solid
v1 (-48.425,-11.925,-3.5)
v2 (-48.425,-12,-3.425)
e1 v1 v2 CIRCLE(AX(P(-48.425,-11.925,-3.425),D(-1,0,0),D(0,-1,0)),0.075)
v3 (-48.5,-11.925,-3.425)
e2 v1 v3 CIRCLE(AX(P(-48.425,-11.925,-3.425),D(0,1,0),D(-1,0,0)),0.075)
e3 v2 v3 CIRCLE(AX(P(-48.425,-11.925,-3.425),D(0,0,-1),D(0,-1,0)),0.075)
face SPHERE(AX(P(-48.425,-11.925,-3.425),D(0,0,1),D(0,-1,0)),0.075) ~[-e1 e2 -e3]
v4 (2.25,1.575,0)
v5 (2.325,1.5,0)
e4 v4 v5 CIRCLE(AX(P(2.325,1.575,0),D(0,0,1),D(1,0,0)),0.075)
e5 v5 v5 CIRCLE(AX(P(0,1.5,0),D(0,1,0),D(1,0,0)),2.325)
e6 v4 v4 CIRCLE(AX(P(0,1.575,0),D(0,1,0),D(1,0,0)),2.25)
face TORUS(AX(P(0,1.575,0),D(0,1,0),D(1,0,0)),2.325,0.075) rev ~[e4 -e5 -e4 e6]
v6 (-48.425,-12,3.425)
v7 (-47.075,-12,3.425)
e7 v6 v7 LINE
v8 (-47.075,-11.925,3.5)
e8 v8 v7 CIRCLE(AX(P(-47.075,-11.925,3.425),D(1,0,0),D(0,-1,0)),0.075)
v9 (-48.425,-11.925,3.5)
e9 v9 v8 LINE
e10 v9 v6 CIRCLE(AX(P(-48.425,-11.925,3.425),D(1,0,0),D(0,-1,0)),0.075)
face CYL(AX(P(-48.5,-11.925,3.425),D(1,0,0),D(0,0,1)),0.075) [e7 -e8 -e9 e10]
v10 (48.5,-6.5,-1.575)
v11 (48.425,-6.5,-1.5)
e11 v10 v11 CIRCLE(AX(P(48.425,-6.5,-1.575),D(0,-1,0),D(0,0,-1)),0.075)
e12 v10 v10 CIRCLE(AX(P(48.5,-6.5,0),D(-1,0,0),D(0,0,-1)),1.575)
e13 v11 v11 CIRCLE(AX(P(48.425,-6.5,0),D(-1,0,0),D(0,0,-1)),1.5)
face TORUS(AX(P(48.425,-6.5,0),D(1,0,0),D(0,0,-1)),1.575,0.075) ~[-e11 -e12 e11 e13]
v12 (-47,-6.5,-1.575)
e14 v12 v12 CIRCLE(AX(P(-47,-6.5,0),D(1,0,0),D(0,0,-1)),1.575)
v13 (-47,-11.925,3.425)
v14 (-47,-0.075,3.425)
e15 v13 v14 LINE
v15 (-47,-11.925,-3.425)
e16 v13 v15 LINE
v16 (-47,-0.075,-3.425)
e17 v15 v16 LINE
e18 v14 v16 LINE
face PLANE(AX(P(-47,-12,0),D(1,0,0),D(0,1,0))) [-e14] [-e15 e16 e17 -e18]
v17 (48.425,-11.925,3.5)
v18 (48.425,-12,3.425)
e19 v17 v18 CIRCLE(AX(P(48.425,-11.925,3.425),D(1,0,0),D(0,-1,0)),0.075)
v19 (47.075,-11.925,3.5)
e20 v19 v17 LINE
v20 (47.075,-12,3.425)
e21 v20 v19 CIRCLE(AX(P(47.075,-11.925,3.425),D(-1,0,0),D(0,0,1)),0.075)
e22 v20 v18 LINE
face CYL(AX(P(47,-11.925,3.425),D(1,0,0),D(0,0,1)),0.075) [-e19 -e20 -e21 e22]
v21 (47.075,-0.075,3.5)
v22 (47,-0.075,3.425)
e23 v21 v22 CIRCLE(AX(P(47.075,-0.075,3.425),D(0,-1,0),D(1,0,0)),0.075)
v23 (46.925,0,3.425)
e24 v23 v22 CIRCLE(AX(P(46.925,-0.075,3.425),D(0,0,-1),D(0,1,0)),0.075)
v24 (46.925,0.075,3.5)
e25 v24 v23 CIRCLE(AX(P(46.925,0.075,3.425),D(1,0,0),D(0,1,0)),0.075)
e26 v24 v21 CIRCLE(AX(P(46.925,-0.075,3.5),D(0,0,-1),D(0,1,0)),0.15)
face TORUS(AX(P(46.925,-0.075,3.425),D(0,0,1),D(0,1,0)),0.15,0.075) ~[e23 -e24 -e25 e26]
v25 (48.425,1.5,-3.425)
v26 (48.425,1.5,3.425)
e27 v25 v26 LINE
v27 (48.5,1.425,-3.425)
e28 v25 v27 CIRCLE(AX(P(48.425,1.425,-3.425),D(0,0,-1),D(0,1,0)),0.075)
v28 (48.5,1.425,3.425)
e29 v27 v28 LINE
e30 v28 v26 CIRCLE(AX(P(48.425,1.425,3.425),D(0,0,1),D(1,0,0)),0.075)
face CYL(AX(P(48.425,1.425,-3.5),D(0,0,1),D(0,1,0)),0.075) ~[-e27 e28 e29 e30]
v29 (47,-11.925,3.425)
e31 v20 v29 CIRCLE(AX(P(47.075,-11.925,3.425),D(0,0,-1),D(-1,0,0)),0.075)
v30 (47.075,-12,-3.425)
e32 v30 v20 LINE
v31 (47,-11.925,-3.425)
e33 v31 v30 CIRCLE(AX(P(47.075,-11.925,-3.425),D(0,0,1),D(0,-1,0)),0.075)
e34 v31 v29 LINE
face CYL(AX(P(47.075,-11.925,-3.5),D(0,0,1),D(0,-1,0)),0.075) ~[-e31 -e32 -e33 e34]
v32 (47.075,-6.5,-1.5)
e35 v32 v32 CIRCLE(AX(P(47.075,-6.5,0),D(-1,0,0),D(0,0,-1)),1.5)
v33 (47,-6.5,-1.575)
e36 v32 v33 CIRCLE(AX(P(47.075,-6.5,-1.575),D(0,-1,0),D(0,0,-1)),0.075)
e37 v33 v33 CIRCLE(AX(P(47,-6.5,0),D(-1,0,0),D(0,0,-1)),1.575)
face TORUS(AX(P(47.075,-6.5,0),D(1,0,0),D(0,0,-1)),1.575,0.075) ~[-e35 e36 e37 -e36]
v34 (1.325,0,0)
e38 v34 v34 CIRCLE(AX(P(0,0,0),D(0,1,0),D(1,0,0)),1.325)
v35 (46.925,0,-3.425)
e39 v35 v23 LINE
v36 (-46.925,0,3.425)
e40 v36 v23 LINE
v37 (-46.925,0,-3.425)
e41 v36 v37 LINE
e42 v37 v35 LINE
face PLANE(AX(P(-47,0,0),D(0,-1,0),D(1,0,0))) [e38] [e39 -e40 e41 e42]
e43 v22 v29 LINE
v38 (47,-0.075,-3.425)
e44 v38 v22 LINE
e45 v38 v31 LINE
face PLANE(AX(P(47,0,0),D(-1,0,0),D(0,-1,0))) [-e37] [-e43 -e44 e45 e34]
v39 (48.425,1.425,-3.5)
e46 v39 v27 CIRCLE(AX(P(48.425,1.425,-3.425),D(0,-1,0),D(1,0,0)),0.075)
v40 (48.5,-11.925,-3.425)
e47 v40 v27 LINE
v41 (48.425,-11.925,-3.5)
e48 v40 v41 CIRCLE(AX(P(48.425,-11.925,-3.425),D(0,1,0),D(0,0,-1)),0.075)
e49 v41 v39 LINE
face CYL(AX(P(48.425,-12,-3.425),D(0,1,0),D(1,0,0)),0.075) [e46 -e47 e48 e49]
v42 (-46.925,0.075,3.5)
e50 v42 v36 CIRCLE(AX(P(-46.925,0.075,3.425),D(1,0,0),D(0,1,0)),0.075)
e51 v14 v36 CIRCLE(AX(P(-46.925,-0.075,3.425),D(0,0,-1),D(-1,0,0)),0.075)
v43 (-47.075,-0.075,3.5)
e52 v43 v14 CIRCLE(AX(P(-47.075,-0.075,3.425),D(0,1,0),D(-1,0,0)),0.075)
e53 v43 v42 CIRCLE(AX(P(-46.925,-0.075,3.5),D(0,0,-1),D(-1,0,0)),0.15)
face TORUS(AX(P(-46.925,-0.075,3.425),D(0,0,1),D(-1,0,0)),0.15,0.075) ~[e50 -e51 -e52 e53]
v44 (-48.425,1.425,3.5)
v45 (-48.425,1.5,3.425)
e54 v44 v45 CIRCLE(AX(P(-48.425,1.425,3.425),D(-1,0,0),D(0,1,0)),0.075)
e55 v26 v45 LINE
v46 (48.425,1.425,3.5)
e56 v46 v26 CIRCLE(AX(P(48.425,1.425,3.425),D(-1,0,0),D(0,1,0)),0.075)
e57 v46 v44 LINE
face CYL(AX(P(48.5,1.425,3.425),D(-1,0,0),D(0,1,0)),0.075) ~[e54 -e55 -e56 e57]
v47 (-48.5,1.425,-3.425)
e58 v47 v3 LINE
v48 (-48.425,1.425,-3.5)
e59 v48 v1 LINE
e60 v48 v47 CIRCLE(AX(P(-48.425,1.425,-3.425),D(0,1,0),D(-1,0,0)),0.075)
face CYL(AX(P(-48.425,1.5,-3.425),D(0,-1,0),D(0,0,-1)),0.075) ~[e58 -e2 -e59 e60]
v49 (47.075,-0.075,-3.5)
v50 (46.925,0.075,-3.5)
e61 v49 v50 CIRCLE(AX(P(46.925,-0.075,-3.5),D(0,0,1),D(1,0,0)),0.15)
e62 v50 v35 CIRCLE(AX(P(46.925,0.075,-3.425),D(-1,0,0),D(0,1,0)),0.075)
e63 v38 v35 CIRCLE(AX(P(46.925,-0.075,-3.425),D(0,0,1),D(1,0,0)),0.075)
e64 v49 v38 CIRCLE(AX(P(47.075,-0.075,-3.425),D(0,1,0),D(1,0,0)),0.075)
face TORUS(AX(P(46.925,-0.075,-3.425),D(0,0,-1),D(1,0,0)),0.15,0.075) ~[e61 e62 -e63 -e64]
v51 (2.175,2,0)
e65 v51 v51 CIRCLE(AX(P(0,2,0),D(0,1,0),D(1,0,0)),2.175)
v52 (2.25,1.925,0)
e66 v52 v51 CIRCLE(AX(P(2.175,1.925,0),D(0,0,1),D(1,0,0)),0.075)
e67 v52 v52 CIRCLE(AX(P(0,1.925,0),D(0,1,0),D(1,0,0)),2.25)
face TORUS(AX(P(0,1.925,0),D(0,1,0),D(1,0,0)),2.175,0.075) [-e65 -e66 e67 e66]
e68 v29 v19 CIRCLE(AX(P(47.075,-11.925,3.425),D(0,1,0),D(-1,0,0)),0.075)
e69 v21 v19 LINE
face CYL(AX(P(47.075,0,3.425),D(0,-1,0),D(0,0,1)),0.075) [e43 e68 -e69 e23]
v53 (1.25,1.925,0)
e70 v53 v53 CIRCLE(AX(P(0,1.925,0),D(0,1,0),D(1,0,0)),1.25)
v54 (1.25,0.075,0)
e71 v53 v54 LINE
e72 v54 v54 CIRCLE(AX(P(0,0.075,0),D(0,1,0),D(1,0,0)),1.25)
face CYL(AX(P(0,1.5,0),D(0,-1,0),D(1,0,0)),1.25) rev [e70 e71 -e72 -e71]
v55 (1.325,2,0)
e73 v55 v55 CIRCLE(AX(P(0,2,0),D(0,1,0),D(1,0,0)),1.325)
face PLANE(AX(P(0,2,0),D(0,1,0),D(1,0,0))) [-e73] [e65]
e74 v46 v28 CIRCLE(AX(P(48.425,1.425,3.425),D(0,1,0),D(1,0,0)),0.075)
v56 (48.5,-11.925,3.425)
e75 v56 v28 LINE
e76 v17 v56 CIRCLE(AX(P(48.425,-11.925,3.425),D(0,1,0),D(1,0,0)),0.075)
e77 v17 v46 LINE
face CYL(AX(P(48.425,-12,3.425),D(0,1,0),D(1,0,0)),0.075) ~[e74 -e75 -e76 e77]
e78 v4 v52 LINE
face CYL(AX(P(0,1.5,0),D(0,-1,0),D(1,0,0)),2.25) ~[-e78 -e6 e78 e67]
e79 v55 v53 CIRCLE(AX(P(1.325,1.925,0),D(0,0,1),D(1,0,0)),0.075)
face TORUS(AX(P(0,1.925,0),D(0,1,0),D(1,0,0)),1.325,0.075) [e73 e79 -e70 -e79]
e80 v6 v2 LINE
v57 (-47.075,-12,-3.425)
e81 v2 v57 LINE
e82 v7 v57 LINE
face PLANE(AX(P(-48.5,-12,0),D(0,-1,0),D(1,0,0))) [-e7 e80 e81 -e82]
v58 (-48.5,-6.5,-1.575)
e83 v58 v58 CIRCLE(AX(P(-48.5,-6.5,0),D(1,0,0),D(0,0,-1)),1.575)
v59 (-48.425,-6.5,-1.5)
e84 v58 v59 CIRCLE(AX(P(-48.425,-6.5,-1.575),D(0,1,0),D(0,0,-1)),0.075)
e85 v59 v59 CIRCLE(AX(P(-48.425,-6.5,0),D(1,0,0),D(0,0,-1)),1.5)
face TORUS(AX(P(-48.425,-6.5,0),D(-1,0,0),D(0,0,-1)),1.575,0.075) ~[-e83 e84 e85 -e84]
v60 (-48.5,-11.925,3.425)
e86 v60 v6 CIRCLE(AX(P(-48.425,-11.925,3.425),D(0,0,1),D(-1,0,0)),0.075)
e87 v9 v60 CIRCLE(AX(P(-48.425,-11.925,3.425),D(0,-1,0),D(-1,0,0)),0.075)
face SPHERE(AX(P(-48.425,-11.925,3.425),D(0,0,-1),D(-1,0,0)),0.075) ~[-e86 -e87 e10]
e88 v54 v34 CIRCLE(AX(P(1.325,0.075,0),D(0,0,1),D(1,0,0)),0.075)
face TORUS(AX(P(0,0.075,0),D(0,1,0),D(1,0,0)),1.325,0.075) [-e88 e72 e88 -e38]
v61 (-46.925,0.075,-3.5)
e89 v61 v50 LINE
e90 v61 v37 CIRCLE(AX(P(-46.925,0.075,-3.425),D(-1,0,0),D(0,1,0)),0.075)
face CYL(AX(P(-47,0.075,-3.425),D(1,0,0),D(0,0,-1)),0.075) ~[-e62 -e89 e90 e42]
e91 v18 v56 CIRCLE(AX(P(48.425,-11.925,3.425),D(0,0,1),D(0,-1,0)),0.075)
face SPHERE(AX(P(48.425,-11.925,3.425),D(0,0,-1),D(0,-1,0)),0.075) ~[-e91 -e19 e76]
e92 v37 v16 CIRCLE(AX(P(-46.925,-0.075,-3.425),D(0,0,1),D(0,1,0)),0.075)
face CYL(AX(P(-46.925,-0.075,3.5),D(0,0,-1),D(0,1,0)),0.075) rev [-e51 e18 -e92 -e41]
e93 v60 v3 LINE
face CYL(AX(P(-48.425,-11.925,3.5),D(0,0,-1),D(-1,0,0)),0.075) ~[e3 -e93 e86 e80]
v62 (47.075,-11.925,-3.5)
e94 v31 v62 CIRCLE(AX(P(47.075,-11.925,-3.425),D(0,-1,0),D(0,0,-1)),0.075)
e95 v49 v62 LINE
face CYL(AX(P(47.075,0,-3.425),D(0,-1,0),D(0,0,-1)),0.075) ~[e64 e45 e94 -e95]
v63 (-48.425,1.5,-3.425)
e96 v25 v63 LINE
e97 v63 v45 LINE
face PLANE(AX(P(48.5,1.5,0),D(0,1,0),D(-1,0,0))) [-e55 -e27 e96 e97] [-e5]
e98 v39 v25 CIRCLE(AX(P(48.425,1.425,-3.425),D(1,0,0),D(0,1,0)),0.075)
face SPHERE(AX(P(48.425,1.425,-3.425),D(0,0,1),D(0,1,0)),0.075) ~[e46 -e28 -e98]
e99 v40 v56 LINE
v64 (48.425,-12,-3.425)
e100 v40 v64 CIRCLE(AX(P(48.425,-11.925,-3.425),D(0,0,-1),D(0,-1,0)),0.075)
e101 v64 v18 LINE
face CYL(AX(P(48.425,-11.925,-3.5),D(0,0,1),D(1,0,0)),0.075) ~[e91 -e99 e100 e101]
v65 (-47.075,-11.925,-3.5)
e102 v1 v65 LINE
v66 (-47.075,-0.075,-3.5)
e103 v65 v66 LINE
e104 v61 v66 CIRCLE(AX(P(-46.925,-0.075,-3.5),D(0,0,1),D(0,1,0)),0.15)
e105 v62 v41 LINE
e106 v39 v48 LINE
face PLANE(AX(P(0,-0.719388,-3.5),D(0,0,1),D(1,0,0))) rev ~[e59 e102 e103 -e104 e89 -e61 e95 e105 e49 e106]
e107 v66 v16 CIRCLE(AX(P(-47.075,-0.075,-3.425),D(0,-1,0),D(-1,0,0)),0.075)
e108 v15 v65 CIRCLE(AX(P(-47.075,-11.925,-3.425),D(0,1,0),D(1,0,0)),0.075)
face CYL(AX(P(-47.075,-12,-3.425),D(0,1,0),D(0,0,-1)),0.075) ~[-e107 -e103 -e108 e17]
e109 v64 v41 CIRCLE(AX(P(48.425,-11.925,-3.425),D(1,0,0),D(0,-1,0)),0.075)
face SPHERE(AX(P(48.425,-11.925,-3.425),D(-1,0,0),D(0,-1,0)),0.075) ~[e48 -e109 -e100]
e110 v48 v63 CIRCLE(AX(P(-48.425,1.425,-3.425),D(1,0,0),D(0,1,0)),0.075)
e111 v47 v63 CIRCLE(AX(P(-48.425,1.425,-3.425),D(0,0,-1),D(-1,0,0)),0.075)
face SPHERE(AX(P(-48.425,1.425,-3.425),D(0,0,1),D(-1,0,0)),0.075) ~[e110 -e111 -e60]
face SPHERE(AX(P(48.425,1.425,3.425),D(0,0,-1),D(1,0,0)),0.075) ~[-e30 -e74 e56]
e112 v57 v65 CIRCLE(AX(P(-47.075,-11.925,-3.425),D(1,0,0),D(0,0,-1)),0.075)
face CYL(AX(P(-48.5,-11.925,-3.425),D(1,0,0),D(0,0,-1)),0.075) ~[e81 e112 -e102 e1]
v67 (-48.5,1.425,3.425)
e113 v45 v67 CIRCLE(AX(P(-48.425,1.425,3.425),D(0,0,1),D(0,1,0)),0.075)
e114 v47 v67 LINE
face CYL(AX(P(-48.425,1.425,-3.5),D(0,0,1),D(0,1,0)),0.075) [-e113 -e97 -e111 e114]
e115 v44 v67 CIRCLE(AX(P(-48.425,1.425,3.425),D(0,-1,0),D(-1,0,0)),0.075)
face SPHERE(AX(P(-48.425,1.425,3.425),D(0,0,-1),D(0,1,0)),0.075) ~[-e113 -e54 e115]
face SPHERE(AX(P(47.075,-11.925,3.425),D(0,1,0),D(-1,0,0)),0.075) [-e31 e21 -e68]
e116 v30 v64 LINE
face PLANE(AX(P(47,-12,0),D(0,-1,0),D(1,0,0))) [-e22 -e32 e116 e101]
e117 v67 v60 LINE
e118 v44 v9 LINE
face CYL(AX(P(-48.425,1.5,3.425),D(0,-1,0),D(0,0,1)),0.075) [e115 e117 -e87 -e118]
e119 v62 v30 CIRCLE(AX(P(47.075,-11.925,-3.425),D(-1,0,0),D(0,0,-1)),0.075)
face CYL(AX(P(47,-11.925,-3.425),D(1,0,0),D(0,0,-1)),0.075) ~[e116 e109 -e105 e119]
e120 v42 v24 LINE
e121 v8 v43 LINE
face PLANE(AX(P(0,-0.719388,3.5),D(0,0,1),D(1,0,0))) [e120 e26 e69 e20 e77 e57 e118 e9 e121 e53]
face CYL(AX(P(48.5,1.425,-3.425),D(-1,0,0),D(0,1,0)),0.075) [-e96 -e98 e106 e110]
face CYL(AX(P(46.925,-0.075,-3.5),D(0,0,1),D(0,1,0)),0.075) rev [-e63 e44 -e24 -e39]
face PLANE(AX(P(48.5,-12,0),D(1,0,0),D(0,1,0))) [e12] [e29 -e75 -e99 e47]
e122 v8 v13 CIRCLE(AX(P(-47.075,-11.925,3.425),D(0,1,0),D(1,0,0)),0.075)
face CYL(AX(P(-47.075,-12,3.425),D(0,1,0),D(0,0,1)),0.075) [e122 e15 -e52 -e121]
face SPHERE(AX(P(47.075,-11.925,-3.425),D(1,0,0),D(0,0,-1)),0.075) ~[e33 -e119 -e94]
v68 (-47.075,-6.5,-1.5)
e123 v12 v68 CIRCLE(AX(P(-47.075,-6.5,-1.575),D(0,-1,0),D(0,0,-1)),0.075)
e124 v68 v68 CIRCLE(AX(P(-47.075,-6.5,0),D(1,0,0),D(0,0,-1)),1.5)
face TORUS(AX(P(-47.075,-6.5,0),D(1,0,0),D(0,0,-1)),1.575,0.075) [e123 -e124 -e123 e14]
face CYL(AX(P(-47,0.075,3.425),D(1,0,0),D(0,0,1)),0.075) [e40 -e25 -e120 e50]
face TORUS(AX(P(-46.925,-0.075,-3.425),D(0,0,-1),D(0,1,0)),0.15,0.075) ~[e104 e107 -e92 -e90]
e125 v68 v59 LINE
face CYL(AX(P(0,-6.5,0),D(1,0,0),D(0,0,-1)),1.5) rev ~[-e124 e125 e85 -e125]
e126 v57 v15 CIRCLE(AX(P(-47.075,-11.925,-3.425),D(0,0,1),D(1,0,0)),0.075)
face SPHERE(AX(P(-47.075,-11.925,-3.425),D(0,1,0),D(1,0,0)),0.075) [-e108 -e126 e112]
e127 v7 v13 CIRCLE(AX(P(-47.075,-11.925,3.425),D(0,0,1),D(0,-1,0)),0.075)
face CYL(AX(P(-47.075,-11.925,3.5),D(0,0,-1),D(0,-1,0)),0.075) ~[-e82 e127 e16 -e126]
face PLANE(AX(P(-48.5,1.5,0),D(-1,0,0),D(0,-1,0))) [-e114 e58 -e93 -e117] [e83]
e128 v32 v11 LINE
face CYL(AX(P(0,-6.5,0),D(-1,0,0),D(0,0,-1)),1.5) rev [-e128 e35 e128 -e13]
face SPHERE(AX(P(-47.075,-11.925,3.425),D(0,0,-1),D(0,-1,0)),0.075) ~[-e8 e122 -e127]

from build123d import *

# Parameters (mm, degrees)
BOSS_EXTRUDE1_DEPTH            = 3.5
SKETCH2_R                      = 1.25
CUT_EXTRUDE1_DEPTH             = 1.5
SKETCH3_R                      = 2.25
SKETCH3_R_2                    = 1.25
BOSS_EXTRUDE2_DEPTH            = 0.5
CUT_EXTRUDE2_REACH             = 50.5
SKETCH4_R                      = 1.5
CUT_EXTRUDE2_DIRECTION_2_REACH = 50.5
FILLET1_R                      = 0.075


with BuildPart() as part:
    # Sketch1 → Boss-Extrude1 (new body, symmetric)
    with BuildSketch(Plane.XY):
        Polygon((-47, 0), (47, 0), (47, -12), (48.5, -12), (48.5, 1.5), (-48.5, 1.5), (-48.5, -12), (-47, -12), align=None)
    extrude(amount=BOSS_EXTRUDE1_DEPTH, both=True)

    # Sketch2 → Cut-Extrude1 (cut)
    with BuildSketch(Plane(origin=(0, 1.5, 0), x_dir=(1, 0, 0), z_dir=(0, 1, 0))):
        Circle(SKETCH2_R)
    extrude(amount=-CUT_EXTRUDE1_DEPTH, mode=Mode.SUBTRACT)

    # Sketch3 → Boss-Extrude2 (add)
    with BuildSketch(Plane(origin=(0, 1.5, 0), x_dir=(1, 0, 0), z_dir=(0, 1, 0))):
        Circle(SKETCH3_R)
        Circle(SKETCH3_R_2, mode=Mode.SUBTRACT)
    extrude(amount=BOSS_EXTRUDE2_DEPTH)

    # Cut-Extrude2: up to this face of the body (flat: up to its plane)
    cut_extrude2_end = Plane(part.part.faces().sort_by_distance((-48.5, -5.25, 0))[0])
    # Sketch4 → Cut-Extrude2 (cut, up to the picked face)
    with BuildSketch(Plane(origin=(0, 0, 0), x_dir=(0, 0, -1), z_dir=(1, 0, 0)), mode=Mode.PRIVATE) as cut_extrude2_sk1:
        with Locations((0, -6.5)):
            Circle(SKETCH4_R)
    cut_extrude2_tool1 = split(extrude(cut_extrude2_sk1.sketch, amount=-CUT_EXTRUDE2_REACH, mode=Mode.PRIVATE), bisect_by=cut_extrude2_end, keep=Keep.BOTH, mode=Mode.PRIVATE)
    add(cut_extrude2_tool1.solids().sort_by_distance((0, -6.5, 0))[0], mode=Mode.SUBTRACT)

    # Cut-Extrude2 direction 2: up to this face of the body (flat: up to its plane)
    cut_extrude2_direction_2_end = Plane(part.part.faces().sort_by_distance((48.5, -5.25, 0))[0])
    # Sketch4 → Cut-Extrude2 direction 2 (cut, up to the picked face)
    with BuildSketch(Plane(origin=(0, 0, 0), x_dir=(0, 0, -1), z_dir=(1, 0, 0)), mode=Mode.PRIVATE) as cut_extrude2_direction_2_sk1:
        with Locations((0, -6.5)):
            Circle(SKETCH4_R)
    cut_extrude2_direction_2_tool1 = split(extrude(cut_extrude2_direction_2_sk1.sketch, amount=CUT_EXTRUDE2_DIRECTION_2_REACH, mode=Mode.PRIVATE), bisect_by=cut_extrude2_direction_2_end, keep=Keep.BOTH, mode=Mode.PRIVATE)
    add(cut_extrude2_direction_2_tool1.solids().sort_by_distance((0, -6.5, 0))[0], mode=Mode.SUBTRACT)

    # Fillet1
    fillet1_edges = [part.edges().sort_by_distance(p)[0] for p in [
        (47.75, -12, -3.5),
        (47, -6, -3.5),
        (0, 0, -3.5),
        (-47, -6, -3.5),
        (47, -6, 3.5),
        (-47, -12, 0),
        (-48.5, -12, 0),
        (-48.5, 1.5, 0),
        (48.5, 1.5, 0),
        (48.5, -12, 0),
        (47, -12, 0),
        (47, 0, 0),
        (-47, 0, 0),
        (47.75, -12, 3.5),
        (48.5, -5.25, 3.5),
        (0, 1.5, 3.5),
        (-1.25, 0, 0),
        (-48.5, -5.25, 3.5),
        (-2.25, 1.5, 0),
        (-2.25, 2, 0),
        (-1.25, 2, 0),
        (-47.75, -12, 3.5),
        (-47, -6.5, 1.5),
        (48.5, -6.5, 1.5),
        (47, -6.5, 1.5),
        (-48.5, -6.5, 1.5),
        (-47, -6, 3.5),
        (-47.75, -12, -3.5),
        (0, 0, 3.5),
        (-48.5, -5.25, -3.5),
        (0, 1.5, -3.5),
        (48.5, -5.25, -3.5),
    ]]
    fillet(fillet1_edges, radius=FILLET1_R)


solid = part.part
